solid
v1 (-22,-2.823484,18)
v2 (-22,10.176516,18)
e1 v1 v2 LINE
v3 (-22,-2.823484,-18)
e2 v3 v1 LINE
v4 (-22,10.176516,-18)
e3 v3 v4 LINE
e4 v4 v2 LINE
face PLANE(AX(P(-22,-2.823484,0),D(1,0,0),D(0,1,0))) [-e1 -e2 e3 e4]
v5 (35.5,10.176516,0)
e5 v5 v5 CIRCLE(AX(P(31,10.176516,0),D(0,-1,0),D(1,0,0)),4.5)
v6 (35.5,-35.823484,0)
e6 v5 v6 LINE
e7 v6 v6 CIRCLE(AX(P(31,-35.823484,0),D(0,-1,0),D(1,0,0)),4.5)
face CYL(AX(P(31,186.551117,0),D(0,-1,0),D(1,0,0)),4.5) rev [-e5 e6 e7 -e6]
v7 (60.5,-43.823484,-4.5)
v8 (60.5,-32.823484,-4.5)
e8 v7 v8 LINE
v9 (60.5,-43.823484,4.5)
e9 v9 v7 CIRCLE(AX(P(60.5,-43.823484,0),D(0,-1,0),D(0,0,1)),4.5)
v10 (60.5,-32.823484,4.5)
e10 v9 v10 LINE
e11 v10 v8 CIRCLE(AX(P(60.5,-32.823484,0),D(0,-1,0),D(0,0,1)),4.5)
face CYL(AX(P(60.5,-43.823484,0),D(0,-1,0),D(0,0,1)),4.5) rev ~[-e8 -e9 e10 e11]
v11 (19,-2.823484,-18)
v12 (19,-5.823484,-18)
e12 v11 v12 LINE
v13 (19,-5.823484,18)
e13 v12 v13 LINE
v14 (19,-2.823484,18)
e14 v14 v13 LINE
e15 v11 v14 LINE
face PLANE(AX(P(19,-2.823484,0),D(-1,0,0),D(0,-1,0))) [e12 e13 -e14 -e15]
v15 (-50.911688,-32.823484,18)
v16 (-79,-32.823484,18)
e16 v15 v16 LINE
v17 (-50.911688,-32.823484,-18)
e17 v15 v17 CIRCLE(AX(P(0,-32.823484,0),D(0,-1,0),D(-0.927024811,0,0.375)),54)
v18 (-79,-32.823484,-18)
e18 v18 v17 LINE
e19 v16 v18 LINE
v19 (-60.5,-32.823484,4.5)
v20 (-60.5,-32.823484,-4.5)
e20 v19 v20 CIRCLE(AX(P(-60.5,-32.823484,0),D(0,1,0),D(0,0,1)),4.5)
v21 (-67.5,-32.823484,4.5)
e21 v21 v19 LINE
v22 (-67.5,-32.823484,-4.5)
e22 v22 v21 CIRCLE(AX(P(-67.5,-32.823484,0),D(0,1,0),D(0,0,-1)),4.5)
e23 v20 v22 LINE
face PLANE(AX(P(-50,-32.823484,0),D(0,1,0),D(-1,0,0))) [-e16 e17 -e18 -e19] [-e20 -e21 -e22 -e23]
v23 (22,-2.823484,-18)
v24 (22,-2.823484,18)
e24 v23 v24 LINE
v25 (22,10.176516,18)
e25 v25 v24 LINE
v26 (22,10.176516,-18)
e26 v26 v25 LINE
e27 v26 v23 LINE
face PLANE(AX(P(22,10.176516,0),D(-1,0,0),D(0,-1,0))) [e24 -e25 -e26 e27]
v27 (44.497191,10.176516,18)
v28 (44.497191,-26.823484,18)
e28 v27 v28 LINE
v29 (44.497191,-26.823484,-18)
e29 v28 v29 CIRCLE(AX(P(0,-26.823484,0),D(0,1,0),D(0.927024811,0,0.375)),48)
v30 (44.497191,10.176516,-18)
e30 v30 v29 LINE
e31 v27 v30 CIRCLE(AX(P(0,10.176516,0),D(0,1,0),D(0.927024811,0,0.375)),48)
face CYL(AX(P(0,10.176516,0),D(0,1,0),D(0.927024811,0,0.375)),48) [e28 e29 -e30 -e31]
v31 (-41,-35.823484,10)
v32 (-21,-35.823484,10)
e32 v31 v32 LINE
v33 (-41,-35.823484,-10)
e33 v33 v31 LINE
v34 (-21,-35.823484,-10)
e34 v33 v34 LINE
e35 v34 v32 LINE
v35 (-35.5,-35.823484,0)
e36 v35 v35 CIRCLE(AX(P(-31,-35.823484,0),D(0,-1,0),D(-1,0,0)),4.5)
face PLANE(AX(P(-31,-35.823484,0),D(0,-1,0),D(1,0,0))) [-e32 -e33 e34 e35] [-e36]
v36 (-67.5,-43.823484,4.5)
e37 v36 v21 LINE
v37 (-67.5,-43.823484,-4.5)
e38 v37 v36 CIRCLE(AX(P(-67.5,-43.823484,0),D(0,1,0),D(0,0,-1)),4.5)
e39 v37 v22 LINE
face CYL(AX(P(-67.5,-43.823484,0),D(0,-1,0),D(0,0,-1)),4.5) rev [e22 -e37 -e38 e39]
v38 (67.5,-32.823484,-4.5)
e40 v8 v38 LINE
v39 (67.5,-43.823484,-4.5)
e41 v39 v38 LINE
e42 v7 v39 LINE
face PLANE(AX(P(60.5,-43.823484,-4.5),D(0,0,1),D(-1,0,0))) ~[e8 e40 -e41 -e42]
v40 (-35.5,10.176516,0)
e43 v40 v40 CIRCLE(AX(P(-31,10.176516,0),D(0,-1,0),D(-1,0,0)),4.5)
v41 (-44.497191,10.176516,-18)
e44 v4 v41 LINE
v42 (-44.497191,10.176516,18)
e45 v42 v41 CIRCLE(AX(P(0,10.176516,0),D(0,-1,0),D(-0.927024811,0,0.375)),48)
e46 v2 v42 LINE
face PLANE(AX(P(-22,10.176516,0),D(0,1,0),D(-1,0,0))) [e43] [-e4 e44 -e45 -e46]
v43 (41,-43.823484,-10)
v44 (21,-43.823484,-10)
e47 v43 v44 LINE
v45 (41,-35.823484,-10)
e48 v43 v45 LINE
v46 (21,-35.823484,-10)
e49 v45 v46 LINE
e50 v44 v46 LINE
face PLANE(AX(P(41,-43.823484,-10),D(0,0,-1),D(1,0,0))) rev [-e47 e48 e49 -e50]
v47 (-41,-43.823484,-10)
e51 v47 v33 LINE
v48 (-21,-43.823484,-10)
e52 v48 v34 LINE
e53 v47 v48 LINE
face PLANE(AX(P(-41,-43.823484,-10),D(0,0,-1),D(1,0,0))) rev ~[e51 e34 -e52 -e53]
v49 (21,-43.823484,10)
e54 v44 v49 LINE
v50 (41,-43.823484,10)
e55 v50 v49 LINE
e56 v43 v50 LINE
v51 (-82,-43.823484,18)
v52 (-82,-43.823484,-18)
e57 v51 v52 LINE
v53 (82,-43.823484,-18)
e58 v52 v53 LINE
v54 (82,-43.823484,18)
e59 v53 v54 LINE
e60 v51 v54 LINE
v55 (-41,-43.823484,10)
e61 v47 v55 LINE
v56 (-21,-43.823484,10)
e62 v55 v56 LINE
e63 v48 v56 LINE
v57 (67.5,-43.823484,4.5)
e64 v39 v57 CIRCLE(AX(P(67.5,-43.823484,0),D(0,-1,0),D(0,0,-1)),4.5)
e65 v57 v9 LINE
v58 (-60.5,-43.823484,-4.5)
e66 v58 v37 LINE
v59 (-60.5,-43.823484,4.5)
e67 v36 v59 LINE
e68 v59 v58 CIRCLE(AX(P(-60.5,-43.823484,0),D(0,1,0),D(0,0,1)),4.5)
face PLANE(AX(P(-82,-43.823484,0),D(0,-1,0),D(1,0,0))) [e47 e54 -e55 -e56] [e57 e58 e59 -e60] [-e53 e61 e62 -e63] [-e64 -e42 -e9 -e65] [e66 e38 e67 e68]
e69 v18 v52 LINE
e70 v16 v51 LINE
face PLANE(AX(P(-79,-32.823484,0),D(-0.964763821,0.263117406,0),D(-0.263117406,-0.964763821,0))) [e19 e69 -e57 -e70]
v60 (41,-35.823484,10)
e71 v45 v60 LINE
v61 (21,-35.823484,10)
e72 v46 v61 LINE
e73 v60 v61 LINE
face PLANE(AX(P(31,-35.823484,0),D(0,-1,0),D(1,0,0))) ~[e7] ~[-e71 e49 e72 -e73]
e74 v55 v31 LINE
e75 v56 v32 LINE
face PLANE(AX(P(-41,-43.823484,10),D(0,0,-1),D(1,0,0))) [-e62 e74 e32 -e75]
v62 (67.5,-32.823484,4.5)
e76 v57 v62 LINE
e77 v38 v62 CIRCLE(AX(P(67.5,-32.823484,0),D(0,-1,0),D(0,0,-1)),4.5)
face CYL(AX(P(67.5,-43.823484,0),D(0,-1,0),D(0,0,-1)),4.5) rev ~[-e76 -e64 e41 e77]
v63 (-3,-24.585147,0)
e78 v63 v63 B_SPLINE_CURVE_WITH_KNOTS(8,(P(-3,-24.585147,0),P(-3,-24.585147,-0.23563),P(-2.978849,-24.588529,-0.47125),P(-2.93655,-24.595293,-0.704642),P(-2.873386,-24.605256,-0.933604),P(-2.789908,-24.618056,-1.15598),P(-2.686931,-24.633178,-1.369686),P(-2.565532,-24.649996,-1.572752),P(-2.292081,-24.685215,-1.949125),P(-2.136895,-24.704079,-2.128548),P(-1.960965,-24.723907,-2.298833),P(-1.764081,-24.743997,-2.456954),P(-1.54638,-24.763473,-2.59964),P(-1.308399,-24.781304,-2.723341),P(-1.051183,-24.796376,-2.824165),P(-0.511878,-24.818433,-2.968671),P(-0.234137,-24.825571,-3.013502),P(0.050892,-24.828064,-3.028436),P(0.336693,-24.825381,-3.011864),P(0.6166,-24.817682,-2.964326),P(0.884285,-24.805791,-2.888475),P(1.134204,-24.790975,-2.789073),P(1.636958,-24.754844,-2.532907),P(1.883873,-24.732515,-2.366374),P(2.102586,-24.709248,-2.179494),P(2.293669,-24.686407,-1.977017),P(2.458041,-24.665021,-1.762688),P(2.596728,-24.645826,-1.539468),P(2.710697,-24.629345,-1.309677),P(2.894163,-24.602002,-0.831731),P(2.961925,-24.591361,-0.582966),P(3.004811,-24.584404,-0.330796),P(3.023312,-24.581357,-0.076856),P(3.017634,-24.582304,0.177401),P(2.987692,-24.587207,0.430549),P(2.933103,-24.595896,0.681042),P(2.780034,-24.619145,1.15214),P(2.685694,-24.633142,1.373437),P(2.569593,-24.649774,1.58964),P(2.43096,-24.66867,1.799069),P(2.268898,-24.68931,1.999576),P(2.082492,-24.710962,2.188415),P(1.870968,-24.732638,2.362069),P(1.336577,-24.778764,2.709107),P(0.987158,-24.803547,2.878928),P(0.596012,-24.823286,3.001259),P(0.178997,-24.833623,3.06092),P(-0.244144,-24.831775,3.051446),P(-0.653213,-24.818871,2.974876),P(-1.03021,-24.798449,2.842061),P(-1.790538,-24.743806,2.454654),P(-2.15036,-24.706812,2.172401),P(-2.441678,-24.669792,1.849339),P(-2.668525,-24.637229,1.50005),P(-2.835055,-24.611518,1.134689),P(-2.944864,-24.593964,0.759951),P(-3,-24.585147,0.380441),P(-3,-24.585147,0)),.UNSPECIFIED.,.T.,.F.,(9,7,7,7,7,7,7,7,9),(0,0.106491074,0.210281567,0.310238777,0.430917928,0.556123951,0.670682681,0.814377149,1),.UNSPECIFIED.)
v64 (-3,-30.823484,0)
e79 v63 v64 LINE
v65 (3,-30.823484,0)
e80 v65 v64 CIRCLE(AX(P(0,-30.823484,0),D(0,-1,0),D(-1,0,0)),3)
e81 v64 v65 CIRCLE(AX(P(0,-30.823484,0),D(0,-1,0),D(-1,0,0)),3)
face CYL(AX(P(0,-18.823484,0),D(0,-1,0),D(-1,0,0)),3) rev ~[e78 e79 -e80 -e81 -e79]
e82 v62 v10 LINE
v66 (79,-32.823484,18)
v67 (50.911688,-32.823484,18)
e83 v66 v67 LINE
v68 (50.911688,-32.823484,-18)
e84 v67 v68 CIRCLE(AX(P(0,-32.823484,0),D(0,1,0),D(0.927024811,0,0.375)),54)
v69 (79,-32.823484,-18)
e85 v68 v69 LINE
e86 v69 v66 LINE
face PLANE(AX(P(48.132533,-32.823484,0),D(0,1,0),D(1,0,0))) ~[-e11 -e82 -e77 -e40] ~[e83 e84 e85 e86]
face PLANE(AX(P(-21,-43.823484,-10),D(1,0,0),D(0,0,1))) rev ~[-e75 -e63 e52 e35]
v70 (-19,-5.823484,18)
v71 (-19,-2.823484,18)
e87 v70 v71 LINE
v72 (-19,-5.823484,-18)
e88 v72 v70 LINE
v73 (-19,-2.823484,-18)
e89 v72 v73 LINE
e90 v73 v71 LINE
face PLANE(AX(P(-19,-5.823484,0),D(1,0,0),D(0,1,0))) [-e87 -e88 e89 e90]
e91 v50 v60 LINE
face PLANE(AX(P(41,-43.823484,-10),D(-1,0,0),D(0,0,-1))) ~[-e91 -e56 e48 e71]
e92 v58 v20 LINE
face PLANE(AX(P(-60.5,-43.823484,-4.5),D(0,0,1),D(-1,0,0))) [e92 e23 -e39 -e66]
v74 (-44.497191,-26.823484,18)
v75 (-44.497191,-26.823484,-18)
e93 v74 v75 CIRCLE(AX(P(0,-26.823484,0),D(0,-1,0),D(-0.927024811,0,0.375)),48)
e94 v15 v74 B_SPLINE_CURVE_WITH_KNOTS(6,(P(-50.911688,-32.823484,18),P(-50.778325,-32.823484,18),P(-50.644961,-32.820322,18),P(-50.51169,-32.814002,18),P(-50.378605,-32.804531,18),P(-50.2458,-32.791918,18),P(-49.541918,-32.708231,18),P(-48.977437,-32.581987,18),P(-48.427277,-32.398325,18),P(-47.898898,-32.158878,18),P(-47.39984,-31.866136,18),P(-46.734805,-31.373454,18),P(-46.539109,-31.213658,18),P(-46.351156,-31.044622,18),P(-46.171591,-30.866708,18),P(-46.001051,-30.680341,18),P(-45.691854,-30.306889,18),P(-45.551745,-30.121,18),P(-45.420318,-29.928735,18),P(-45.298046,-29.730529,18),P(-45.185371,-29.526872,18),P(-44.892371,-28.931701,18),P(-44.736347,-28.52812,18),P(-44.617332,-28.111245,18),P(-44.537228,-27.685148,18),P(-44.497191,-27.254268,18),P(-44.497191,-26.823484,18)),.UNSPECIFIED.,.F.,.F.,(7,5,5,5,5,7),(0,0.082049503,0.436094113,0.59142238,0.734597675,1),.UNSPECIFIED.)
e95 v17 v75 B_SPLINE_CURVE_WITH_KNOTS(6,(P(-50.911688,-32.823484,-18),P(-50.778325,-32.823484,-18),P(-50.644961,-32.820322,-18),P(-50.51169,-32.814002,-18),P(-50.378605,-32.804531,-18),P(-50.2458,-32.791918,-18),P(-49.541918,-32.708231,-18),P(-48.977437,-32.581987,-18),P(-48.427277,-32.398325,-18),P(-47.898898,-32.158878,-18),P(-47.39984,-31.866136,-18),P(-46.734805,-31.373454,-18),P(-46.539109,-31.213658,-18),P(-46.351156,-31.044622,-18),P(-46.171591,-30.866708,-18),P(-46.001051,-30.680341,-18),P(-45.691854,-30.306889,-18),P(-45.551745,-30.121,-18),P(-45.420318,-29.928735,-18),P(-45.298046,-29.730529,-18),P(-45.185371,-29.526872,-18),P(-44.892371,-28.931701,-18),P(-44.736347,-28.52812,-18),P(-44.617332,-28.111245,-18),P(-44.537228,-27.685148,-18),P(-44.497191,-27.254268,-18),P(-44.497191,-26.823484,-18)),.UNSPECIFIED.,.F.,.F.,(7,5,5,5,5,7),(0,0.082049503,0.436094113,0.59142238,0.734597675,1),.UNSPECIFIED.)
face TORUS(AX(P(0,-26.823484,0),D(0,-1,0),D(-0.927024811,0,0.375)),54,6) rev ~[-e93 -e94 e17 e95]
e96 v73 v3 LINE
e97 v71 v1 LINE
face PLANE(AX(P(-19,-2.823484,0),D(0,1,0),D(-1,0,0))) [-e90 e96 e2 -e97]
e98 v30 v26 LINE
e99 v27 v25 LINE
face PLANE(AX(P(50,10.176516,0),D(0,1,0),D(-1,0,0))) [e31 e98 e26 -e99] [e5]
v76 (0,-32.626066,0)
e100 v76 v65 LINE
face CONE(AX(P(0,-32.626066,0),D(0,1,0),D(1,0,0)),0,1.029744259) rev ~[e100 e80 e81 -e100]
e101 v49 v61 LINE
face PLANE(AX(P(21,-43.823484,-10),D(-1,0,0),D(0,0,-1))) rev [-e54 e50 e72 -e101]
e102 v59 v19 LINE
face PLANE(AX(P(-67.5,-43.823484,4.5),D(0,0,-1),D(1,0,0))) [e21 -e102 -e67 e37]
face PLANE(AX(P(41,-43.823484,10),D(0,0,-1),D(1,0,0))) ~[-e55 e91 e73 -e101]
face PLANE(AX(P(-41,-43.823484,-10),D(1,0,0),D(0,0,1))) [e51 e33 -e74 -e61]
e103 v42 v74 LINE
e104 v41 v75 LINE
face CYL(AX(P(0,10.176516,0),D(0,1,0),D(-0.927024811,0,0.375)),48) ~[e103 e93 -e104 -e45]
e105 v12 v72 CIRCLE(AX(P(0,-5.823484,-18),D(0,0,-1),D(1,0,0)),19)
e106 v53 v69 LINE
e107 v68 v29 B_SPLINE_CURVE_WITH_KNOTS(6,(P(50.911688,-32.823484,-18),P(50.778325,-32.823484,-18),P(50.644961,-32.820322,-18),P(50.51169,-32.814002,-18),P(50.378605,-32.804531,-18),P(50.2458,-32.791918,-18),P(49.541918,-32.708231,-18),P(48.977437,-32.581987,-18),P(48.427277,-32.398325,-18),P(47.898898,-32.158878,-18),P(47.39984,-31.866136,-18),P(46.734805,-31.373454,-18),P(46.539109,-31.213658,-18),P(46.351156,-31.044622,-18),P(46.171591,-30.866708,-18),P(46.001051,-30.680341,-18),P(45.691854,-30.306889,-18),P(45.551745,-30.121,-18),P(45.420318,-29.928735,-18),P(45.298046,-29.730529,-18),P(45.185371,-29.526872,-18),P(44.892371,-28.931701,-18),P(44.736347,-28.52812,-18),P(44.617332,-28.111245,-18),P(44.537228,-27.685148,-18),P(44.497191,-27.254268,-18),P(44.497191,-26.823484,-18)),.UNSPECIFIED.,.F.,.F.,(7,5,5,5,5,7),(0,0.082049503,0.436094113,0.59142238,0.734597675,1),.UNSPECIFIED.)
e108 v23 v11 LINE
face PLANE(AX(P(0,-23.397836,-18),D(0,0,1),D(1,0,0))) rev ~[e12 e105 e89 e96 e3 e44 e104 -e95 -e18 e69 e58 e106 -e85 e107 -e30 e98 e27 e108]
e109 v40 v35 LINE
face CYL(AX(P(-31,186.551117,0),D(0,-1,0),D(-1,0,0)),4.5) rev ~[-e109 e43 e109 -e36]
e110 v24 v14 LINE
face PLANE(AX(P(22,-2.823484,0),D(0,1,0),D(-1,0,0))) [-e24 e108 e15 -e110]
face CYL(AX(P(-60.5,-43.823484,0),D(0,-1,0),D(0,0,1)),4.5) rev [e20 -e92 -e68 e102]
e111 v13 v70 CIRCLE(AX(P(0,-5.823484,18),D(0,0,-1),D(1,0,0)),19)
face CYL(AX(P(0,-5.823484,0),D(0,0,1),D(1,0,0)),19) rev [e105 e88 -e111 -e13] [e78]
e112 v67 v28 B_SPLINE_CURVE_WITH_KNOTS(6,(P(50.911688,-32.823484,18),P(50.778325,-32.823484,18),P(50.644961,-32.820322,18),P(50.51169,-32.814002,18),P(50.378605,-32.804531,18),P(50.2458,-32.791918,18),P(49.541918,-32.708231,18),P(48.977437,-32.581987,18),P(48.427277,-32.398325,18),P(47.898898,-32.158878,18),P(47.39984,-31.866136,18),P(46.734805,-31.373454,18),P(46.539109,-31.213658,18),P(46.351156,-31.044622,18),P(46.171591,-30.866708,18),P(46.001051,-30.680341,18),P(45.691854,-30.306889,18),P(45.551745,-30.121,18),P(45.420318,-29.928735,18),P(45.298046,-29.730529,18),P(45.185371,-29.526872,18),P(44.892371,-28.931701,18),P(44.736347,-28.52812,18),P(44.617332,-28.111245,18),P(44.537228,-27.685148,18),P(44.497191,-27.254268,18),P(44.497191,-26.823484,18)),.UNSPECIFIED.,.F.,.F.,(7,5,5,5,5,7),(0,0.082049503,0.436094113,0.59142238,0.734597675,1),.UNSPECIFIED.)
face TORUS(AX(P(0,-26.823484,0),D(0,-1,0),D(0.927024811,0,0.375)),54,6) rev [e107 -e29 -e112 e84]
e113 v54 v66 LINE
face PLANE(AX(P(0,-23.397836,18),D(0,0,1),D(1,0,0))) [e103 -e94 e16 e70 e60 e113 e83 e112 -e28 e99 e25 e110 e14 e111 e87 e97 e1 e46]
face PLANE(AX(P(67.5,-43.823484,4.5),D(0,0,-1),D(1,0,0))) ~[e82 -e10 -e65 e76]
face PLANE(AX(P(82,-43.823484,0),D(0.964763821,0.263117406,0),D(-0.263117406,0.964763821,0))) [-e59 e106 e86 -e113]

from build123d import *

# Parameters (mm, degrees)
BOSS_EXTRUDE3_DEPTH       = 18
CUT_EXTRUDE1_DEPTH        = 43
F_8_0MM_DOWEL_HOLE1_D     = 6
F_8_0MM_DOWEL_HOLE1_DEPTH = 6
F_8_0MM_DOWEL_HOLE1_TIP   = 1.802581857
M10_TAPPED_HOLE1_D        = 9
SKETCH9_W                 = 20
SKETCH9_H                 = 20
CUT_EXTRUDE2_DEPTH        = 8
CUT_EXTRUDE3_DEPTH        = 11
FILLET2_R                 = 6
FILLET3_R                 = 6


with BuildPart() as part:
    # Sketch1 → Boss-Extrude3 (new body, symmetric)
    with BuildSketch(Plane.XY):
        with BuildLine():
            Line((-82, -43.82348407), (82, -43.82348407))
            Line((82, -43.82348407), (79, -32.82348407))
            Line((79, -32.82348407), (50, -32.82348407))
            Line((50, -32.82348407), (50, 10.17651593))
            Line((50, 10.17651593), (22, 10.17651593))
            Line((22, 10.17651593), (22, -2.82348407))
            Line((22, -2.82348407), (19, -2.82348407))
            Line((19, -2.82348407), (19, -5.82348407))
            ThreePointArc((19, -5.82348407), (0, -24.82348407), (-19, -5.82348407))
            Line((-19, -5.82348407), (-19, -2.82348407))
            Line((-19, -2.82348407), (-22, -2.82348407))
            Line((-22, -2.82348407), (-22, 10.17651593))
            Line((-22, 10.17651593), (-50, 10.17651593))
            Line((-50, 10.17651593), (-50, -32.82348407))
            Line((-50, -32.82348407), (-79, -32.82348407))
            Line((-79, -32.82348407), (-82, -43.82348407))
        make_face()
    extrude(amount=BOSS_EXTRUDE3_DEPTH, both=True)

    # Sketch3 → Cut-Extrude1 (cut)
    with BuildSketch(Plane(origin=(0, 10.17651593, 0), x_dir=(1, 0, 0), z_dir=(0, 1, 0))):
        with BuildLine():
            Line((-44.497190923, 18), (-50, 18))
            Line((-50, 18), (-50, -18))
            Line((-50, -18), (-44.497190923, -18))
            ThreePointArc((-44.497190923, -18), (-48, 0), (-44.497190923, 18))
        make_face()
    cut_extrude1 = extrude(amount=-CUT_EXTRUDE1_DEPTH, mode=Mode.SUBTRACT)

    # Mirror1: Cut-Extrude1 across plane
    add(cut_extrude1.mirror(Plane(origin=(0, 0, 0), x_dir=(0, 0, 1), z_dir=(1, 0, 0))), mode=Mode.SUBTRACT)

    # Ø8.0mm Dowel Hole1
    with Locations(Plane(origin=(0, -24.82348407, 0), x_dir=(1, 0, 0), z_dir=(0, 1, 0))):
        with Locations((0, 0)):
            Hole(F_8_0MM_DOWEL_HOLE1_D / 2, depth=F_8_0MM_DOWEL_HOLE1_DEPTH)
            with Locations((0, 0, -(F_8_0MM_DOWEL_HOLE1_DEPTH + F_8_0MM_DOWEL_HOLE1_TIP / 2))):  # 118° drill point
                Cone(0, F_8_0MM_DOWEL_HOLE1_D / 2, F_8_0MM_DOWEL_HOLE1_TIP, mode=Mode.SUBTRACT)

    # M10 Tapped Hole1 (through all)
    with Locations(Plane(origin=(0, 10.17651593, 0), x_dir=(1, 0, 0), z_dir=(0, 1, 0))):
        with Locations((-31, 0)):
            m10_tapped_hole1 = Hole(M10_TAPPED_HOLE1_D / 2)

    # Sketch9 → Cut-Extrude2 (cut)
    with BuildSketch(Plane.XZ.offset(43.82348407)):
        with Locations((-31, 0)):
            Rectangle(SKETCH9_W, SKETCH9_H)
    cut_extrude2 = extrude(amount=-CUT_EXTRUDE2_DEPTH, mode=Mode.SUBTRACT)

    # Sketch10 → Cut-Extrude3 (cut)
    with BuildSketch(Plane.XZ.offset(43.82348407)):
        with BuildLine():
            Line((-67.5, 4.5), (-60.5, 4.5))
            ThreePointArc((-60.5, 4.5), (-56, 0), (-60.5, -4.5))
            Line((-60.5, -4.5), (-67.5, -4.5))
            ThreePointArc((-67.5, -4.5), (-72, 0), (-67.5, 4.5))
        make_face()
    cut_extrude3 = extrude(amount=-CUT_EXTRUDE3_DEPTH, mode=Mode.SUBTRACT)

    # Mirror2: M10 Tapped Hole1, Cut-Extrude2, Cut-Extrude3 across plane
    add(m10_tapped_hole1.mirror(Plane(origin=(0, 0, 0), x_dir=(0, 0, 1), z_dir=(1, 0, 0))), mode=Mode.SUBTRACT)
    add(cut_extrude2.mirror(Plane(origin=(0, 0, 0), x_dir=(0, 0, 1), z_dir=(1, 0, 0))), mode=Mode.SUBTRACT)
    add(cut_extrude3.mirror(Plane(origin=(0, 0, 0), x_dir=(0, 0, 1), z_dir=(1, 0, 0))), mode=Mode.SUBTRACT)

    # Fillet2
    fillet2_edges = [part.edges().sort_by_distance(p)[0] for p in [
        (-48, -32.82348407, 0),
    ]]
    fillet(fillet2_edges, radius=FILLET2_R)

    # Fillet3
    fillet3_edges = [part.edges().sort_by_distance(p)[0] for p in [
        (48, -32.82348407, 0),
    ]]
    fillet(fillet3_edges, radius=FILLET3_R)


solid = part.part
